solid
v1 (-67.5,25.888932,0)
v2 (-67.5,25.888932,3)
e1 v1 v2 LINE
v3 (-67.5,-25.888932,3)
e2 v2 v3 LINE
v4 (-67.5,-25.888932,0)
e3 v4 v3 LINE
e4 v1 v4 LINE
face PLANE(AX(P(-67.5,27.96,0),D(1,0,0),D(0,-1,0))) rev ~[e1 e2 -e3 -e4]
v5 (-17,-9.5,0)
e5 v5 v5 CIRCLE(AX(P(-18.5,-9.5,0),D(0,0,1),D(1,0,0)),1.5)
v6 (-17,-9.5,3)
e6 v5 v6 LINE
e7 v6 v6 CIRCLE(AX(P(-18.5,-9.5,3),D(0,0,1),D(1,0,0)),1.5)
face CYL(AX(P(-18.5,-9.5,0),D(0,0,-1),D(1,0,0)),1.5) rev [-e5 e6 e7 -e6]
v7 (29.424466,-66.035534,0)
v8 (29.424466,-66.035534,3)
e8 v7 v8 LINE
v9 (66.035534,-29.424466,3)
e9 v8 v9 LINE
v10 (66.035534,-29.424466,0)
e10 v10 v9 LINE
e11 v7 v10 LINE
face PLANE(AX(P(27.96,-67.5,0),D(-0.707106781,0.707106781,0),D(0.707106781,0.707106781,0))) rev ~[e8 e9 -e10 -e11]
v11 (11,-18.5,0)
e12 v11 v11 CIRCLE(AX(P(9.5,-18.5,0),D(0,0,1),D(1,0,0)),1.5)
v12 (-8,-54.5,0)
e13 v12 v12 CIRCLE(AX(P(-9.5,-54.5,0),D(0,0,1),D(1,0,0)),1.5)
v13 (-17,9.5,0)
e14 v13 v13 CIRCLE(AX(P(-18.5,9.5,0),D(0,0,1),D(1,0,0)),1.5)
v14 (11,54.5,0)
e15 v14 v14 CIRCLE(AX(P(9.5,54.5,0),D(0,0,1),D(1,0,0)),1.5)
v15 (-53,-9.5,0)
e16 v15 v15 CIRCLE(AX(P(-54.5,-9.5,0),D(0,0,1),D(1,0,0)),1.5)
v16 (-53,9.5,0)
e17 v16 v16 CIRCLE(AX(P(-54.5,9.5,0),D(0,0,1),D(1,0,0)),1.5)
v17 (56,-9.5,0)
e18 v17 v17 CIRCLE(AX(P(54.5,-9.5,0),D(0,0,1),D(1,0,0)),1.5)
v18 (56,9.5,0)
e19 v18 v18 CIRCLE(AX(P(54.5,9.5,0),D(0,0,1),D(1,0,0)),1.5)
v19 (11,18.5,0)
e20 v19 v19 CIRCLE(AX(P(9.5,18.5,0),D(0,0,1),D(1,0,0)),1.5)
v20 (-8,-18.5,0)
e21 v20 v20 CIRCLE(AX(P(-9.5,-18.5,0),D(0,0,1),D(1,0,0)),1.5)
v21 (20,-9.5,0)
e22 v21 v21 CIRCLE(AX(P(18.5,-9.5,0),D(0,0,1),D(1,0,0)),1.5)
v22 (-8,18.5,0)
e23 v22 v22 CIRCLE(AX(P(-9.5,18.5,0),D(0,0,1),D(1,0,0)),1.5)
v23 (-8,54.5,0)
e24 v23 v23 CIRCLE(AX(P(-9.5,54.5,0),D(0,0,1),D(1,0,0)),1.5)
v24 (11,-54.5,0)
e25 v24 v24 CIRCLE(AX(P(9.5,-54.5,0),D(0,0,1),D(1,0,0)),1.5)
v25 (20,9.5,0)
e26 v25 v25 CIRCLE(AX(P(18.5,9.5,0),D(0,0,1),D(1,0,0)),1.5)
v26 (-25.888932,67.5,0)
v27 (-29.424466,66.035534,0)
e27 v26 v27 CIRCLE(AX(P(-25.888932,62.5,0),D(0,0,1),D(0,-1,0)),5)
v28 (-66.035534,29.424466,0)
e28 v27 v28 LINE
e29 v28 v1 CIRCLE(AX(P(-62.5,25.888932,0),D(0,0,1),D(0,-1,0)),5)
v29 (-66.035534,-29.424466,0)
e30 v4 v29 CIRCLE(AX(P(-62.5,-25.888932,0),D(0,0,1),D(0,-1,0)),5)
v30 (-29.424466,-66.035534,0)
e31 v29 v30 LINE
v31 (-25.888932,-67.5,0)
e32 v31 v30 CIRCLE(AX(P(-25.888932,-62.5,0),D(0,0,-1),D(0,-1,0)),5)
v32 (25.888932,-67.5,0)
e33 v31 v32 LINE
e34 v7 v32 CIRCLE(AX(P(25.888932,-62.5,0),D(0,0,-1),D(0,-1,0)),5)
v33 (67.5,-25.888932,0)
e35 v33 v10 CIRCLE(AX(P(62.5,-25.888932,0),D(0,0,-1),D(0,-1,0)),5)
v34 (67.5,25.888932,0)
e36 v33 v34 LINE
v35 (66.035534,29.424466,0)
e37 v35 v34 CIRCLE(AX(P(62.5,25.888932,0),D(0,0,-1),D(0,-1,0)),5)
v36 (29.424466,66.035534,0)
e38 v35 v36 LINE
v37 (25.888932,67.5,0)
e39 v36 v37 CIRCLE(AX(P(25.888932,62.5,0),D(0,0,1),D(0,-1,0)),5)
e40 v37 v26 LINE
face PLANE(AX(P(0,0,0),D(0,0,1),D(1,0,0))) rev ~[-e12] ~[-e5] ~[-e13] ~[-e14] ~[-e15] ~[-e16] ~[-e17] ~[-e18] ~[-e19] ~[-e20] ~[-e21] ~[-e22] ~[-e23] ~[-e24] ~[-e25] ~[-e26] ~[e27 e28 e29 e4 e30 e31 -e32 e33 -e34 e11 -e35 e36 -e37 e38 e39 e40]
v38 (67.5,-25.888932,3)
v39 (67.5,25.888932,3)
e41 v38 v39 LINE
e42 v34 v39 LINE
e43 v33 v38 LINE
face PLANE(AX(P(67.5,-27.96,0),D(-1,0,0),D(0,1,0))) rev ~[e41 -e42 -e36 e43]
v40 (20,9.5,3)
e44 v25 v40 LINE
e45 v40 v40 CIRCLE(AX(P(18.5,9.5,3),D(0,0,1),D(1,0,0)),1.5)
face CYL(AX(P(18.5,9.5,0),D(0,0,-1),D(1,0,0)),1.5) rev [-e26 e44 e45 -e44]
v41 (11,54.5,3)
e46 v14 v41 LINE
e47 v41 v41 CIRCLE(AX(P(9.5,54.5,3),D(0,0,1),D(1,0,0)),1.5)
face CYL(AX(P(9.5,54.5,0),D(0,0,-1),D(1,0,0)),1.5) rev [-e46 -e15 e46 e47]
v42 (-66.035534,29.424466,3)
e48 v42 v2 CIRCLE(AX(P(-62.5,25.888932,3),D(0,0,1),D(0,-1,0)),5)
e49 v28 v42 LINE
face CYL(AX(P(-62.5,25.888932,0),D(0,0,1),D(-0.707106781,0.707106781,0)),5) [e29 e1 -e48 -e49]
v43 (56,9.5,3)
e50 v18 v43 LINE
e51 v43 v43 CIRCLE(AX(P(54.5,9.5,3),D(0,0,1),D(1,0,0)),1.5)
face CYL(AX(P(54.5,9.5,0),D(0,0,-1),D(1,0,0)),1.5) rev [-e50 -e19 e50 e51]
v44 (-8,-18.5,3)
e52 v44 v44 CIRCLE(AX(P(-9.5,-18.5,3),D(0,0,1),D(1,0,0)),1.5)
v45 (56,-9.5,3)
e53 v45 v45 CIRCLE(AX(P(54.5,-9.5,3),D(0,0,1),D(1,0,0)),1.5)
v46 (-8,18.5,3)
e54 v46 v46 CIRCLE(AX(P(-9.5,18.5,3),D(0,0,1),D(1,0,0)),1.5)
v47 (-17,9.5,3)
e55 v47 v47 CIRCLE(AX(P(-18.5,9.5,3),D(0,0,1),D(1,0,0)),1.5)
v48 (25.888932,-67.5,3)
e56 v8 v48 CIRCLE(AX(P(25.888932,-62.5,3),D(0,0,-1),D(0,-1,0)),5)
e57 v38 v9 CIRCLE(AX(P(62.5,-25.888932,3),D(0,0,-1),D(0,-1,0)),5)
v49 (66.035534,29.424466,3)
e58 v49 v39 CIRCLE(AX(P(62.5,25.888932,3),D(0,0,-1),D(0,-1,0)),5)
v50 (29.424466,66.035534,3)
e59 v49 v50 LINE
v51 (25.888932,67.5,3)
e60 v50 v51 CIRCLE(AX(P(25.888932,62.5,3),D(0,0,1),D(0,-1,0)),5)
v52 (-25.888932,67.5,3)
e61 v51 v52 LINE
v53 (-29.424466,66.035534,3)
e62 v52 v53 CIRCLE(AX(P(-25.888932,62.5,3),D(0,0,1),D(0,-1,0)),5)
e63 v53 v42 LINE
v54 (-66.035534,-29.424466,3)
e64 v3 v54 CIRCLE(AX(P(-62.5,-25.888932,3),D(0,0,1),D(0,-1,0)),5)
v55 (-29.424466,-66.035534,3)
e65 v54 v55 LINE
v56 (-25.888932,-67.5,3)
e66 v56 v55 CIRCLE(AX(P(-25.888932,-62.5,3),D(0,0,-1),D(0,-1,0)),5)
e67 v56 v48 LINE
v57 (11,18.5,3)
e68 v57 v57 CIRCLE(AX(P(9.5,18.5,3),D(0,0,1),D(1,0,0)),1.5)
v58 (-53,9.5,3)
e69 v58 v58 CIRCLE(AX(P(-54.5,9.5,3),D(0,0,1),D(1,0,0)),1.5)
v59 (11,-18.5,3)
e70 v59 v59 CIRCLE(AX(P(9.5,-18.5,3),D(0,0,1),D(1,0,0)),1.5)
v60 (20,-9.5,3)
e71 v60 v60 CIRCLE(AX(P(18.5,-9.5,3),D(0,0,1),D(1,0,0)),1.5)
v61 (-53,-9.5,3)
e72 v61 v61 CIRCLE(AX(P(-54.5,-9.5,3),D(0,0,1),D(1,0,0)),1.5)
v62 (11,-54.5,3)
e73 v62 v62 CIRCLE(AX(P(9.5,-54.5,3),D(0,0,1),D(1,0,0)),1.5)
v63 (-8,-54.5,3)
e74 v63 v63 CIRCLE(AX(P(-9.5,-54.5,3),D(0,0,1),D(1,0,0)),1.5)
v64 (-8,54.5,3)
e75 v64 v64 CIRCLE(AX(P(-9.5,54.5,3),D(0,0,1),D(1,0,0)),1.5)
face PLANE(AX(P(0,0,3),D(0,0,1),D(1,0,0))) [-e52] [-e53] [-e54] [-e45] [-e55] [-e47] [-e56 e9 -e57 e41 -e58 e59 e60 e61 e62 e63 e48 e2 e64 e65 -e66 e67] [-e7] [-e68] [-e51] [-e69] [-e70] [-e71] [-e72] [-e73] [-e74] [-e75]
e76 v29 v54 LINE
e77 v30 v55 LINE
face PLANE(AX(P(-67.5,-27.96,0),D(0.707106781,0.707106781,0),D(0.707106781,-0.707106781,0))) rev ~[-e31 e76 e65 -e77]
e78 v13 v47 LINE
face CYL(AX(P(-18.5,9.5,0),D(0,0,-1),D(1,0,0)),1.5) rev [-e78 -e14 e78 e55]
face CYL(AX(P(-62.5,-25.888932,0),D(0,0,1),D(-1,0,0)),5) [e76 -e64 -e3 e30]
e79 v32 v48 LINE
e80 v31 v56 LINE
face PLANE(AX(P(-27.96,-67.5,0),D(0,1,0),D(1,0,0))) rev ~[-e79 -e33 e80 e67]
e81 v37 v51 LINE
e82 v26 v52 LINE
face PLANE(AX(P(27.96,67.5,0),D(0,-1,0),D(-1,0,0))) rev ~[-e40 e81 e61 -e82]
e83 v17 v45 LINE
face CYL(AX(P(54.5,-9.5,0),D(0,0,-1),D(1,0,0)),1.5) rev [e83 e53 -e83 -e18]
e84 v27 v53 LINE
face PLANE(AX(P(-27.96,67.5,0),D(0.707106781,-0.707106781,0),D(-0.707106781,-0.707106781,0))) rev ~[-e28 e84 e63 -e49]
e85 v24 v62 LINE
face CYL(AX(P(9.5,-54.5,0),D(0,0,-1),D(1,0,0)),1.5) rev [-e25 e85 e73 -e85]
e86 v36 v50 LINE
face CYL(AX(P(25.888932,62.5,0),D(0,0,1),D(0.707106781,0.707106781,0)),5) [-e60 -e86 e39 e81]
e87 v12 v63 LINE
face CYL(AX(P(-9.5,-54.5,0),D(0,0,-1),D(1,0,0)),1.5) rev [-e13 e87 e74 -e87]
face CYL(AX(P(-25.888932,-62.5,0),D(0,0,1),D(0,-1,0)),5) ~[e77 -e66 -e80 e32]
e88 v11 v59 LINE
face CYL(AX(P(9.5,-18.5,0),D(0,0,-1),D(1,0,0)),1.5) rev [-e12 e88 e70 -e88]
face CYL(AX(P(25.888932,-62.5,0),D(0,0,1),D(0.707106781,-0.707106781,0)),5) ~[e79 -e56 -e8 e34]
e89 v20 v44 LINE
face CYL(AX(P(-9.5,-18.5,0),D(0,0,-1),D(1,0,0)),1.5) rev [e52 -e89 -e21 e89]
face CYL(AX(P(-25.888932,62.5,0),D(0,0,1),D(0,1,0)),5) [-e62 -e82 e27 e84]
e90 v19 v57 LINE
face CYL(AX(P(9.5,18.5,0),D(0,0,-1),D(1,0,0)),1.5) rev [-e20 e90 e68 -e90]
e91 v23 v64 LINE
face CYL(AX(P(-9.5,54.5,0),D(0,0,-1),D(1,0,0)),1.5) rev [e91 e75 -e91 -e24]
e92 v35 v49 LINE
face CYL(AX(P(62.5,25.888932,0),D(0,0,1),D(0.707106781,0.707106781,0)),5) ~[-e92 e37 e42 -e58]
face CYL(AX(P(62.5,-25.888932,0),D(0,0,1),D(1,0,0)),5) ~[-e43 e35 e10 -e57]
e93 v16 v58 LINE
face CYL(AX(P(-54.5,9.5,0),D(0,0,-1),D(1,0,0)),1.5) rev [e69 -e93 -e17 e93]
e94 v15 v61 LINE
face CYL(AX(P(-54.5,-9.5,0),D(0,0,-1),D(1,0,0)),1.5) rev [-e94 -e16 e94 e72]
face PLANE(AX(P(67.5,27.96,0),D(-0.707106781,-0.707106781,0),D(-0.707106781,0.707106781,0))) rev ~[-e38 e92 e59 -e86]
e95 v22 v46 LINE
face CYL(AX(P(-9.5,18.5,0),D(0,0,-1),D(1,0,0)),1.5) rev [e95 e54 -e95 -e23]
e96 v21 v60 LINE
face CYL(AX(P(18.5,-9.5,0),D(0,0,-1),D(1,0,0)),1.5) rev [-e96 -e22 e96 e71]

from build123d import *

# Parameters (mm, degrees)
F0_R     = 1.5
F1_DEPTH = 3
F2_R     = 5


with BuildPart() as f1:
    # F0 (on Top) → F1 (new body)
    with BuildSketch(Plane.XY):
        Polygon((67.5, 27.96), (27.96, 67.5), (-27.96, 67.5), (-67.5, 27.96), (-67.5, -27.96), (-27.96, -67.5), (27.96, -67.5), (67.5, -27.96), align=None)
        with Locations((-9.5, -54.5)):
            Circle(F0_R, mode=Mode.SUBTRACT)
        with Locations((-54.5, -9.5)):
            Circle(F0_R, mode=Mode.SUBTRACT)
        with Locations((-9.5, -18.5)):
            Circle(F0_R, mode=Mode.SUBTRACT)
        with Locations((-18.5, -9.5)):
            Circle(F0_R, mode=Mode.SUBTRACT)
        with Locations((9.5, -54.5)):
            Circle(F0_R, mode=Mode.SUBTRACT)
        with Locations((9.5, -18.5)):
            Circle(F0_R, mode=Mode.SUBTRACT)
        with Locations((18.5, -9.5)):
            Circle(F0_R, mode=Mode.SUBTRACT)
        with Locations((54.5, -9.5)):
            Circle(F0_R, mode=Mode.SUBTRACT)
        with Locations((-54.5, 9.5)):
            Circle(F0_R, mode=Mode.SUBTRACT)
        with Locations((-18.5, 9.5)):
            Circle(F0_R, mode=Mode.SUBTRACT)
        with Locations((-9.5, 18.5)):
            Circle(F0_R, mode=Mode.SUBTRACT)
        with Locations((-9.5, 54.5)):
            Circle(F0_R, mode=Mode.SUBTRACT)
        with Locations((18.5, 9.5)):
            Circle(F0_R, mode=Mode.SUBTRACT)
        with Locations((9.5, 18.5)):
            Circle(F0_R, mode=Mode.SUBTRACT)
        with Locations((54.5, 9.5)):
            Circle(F0_R, mode=Mode.SUBTRACT)
        with Locations((9.5, 54.5)):
            Circle(F0_R, mode=Mode.SUBTRACT)
    extrude(amount=F1_DEPTH)

    # F2
    f2_edges = [f1.edges().sort_by_distance(p)[0] for p in [
        (-27.96, 67.5, 1.5),
        (-67.5, 27.96, 1.5),
        (-67.5, -27.96, 1.5),
        (-27.96, -67.5, 1.5),
        (27.96, -67.5, 1.5),
        (67.5, -27.96, 1.5),
        (67.5, 27.96, 1.5),
        (27.96, 67.5, 1.5),
    ]]
    fillet(f2_edges, radius=F2_R)


solid = f1.part
